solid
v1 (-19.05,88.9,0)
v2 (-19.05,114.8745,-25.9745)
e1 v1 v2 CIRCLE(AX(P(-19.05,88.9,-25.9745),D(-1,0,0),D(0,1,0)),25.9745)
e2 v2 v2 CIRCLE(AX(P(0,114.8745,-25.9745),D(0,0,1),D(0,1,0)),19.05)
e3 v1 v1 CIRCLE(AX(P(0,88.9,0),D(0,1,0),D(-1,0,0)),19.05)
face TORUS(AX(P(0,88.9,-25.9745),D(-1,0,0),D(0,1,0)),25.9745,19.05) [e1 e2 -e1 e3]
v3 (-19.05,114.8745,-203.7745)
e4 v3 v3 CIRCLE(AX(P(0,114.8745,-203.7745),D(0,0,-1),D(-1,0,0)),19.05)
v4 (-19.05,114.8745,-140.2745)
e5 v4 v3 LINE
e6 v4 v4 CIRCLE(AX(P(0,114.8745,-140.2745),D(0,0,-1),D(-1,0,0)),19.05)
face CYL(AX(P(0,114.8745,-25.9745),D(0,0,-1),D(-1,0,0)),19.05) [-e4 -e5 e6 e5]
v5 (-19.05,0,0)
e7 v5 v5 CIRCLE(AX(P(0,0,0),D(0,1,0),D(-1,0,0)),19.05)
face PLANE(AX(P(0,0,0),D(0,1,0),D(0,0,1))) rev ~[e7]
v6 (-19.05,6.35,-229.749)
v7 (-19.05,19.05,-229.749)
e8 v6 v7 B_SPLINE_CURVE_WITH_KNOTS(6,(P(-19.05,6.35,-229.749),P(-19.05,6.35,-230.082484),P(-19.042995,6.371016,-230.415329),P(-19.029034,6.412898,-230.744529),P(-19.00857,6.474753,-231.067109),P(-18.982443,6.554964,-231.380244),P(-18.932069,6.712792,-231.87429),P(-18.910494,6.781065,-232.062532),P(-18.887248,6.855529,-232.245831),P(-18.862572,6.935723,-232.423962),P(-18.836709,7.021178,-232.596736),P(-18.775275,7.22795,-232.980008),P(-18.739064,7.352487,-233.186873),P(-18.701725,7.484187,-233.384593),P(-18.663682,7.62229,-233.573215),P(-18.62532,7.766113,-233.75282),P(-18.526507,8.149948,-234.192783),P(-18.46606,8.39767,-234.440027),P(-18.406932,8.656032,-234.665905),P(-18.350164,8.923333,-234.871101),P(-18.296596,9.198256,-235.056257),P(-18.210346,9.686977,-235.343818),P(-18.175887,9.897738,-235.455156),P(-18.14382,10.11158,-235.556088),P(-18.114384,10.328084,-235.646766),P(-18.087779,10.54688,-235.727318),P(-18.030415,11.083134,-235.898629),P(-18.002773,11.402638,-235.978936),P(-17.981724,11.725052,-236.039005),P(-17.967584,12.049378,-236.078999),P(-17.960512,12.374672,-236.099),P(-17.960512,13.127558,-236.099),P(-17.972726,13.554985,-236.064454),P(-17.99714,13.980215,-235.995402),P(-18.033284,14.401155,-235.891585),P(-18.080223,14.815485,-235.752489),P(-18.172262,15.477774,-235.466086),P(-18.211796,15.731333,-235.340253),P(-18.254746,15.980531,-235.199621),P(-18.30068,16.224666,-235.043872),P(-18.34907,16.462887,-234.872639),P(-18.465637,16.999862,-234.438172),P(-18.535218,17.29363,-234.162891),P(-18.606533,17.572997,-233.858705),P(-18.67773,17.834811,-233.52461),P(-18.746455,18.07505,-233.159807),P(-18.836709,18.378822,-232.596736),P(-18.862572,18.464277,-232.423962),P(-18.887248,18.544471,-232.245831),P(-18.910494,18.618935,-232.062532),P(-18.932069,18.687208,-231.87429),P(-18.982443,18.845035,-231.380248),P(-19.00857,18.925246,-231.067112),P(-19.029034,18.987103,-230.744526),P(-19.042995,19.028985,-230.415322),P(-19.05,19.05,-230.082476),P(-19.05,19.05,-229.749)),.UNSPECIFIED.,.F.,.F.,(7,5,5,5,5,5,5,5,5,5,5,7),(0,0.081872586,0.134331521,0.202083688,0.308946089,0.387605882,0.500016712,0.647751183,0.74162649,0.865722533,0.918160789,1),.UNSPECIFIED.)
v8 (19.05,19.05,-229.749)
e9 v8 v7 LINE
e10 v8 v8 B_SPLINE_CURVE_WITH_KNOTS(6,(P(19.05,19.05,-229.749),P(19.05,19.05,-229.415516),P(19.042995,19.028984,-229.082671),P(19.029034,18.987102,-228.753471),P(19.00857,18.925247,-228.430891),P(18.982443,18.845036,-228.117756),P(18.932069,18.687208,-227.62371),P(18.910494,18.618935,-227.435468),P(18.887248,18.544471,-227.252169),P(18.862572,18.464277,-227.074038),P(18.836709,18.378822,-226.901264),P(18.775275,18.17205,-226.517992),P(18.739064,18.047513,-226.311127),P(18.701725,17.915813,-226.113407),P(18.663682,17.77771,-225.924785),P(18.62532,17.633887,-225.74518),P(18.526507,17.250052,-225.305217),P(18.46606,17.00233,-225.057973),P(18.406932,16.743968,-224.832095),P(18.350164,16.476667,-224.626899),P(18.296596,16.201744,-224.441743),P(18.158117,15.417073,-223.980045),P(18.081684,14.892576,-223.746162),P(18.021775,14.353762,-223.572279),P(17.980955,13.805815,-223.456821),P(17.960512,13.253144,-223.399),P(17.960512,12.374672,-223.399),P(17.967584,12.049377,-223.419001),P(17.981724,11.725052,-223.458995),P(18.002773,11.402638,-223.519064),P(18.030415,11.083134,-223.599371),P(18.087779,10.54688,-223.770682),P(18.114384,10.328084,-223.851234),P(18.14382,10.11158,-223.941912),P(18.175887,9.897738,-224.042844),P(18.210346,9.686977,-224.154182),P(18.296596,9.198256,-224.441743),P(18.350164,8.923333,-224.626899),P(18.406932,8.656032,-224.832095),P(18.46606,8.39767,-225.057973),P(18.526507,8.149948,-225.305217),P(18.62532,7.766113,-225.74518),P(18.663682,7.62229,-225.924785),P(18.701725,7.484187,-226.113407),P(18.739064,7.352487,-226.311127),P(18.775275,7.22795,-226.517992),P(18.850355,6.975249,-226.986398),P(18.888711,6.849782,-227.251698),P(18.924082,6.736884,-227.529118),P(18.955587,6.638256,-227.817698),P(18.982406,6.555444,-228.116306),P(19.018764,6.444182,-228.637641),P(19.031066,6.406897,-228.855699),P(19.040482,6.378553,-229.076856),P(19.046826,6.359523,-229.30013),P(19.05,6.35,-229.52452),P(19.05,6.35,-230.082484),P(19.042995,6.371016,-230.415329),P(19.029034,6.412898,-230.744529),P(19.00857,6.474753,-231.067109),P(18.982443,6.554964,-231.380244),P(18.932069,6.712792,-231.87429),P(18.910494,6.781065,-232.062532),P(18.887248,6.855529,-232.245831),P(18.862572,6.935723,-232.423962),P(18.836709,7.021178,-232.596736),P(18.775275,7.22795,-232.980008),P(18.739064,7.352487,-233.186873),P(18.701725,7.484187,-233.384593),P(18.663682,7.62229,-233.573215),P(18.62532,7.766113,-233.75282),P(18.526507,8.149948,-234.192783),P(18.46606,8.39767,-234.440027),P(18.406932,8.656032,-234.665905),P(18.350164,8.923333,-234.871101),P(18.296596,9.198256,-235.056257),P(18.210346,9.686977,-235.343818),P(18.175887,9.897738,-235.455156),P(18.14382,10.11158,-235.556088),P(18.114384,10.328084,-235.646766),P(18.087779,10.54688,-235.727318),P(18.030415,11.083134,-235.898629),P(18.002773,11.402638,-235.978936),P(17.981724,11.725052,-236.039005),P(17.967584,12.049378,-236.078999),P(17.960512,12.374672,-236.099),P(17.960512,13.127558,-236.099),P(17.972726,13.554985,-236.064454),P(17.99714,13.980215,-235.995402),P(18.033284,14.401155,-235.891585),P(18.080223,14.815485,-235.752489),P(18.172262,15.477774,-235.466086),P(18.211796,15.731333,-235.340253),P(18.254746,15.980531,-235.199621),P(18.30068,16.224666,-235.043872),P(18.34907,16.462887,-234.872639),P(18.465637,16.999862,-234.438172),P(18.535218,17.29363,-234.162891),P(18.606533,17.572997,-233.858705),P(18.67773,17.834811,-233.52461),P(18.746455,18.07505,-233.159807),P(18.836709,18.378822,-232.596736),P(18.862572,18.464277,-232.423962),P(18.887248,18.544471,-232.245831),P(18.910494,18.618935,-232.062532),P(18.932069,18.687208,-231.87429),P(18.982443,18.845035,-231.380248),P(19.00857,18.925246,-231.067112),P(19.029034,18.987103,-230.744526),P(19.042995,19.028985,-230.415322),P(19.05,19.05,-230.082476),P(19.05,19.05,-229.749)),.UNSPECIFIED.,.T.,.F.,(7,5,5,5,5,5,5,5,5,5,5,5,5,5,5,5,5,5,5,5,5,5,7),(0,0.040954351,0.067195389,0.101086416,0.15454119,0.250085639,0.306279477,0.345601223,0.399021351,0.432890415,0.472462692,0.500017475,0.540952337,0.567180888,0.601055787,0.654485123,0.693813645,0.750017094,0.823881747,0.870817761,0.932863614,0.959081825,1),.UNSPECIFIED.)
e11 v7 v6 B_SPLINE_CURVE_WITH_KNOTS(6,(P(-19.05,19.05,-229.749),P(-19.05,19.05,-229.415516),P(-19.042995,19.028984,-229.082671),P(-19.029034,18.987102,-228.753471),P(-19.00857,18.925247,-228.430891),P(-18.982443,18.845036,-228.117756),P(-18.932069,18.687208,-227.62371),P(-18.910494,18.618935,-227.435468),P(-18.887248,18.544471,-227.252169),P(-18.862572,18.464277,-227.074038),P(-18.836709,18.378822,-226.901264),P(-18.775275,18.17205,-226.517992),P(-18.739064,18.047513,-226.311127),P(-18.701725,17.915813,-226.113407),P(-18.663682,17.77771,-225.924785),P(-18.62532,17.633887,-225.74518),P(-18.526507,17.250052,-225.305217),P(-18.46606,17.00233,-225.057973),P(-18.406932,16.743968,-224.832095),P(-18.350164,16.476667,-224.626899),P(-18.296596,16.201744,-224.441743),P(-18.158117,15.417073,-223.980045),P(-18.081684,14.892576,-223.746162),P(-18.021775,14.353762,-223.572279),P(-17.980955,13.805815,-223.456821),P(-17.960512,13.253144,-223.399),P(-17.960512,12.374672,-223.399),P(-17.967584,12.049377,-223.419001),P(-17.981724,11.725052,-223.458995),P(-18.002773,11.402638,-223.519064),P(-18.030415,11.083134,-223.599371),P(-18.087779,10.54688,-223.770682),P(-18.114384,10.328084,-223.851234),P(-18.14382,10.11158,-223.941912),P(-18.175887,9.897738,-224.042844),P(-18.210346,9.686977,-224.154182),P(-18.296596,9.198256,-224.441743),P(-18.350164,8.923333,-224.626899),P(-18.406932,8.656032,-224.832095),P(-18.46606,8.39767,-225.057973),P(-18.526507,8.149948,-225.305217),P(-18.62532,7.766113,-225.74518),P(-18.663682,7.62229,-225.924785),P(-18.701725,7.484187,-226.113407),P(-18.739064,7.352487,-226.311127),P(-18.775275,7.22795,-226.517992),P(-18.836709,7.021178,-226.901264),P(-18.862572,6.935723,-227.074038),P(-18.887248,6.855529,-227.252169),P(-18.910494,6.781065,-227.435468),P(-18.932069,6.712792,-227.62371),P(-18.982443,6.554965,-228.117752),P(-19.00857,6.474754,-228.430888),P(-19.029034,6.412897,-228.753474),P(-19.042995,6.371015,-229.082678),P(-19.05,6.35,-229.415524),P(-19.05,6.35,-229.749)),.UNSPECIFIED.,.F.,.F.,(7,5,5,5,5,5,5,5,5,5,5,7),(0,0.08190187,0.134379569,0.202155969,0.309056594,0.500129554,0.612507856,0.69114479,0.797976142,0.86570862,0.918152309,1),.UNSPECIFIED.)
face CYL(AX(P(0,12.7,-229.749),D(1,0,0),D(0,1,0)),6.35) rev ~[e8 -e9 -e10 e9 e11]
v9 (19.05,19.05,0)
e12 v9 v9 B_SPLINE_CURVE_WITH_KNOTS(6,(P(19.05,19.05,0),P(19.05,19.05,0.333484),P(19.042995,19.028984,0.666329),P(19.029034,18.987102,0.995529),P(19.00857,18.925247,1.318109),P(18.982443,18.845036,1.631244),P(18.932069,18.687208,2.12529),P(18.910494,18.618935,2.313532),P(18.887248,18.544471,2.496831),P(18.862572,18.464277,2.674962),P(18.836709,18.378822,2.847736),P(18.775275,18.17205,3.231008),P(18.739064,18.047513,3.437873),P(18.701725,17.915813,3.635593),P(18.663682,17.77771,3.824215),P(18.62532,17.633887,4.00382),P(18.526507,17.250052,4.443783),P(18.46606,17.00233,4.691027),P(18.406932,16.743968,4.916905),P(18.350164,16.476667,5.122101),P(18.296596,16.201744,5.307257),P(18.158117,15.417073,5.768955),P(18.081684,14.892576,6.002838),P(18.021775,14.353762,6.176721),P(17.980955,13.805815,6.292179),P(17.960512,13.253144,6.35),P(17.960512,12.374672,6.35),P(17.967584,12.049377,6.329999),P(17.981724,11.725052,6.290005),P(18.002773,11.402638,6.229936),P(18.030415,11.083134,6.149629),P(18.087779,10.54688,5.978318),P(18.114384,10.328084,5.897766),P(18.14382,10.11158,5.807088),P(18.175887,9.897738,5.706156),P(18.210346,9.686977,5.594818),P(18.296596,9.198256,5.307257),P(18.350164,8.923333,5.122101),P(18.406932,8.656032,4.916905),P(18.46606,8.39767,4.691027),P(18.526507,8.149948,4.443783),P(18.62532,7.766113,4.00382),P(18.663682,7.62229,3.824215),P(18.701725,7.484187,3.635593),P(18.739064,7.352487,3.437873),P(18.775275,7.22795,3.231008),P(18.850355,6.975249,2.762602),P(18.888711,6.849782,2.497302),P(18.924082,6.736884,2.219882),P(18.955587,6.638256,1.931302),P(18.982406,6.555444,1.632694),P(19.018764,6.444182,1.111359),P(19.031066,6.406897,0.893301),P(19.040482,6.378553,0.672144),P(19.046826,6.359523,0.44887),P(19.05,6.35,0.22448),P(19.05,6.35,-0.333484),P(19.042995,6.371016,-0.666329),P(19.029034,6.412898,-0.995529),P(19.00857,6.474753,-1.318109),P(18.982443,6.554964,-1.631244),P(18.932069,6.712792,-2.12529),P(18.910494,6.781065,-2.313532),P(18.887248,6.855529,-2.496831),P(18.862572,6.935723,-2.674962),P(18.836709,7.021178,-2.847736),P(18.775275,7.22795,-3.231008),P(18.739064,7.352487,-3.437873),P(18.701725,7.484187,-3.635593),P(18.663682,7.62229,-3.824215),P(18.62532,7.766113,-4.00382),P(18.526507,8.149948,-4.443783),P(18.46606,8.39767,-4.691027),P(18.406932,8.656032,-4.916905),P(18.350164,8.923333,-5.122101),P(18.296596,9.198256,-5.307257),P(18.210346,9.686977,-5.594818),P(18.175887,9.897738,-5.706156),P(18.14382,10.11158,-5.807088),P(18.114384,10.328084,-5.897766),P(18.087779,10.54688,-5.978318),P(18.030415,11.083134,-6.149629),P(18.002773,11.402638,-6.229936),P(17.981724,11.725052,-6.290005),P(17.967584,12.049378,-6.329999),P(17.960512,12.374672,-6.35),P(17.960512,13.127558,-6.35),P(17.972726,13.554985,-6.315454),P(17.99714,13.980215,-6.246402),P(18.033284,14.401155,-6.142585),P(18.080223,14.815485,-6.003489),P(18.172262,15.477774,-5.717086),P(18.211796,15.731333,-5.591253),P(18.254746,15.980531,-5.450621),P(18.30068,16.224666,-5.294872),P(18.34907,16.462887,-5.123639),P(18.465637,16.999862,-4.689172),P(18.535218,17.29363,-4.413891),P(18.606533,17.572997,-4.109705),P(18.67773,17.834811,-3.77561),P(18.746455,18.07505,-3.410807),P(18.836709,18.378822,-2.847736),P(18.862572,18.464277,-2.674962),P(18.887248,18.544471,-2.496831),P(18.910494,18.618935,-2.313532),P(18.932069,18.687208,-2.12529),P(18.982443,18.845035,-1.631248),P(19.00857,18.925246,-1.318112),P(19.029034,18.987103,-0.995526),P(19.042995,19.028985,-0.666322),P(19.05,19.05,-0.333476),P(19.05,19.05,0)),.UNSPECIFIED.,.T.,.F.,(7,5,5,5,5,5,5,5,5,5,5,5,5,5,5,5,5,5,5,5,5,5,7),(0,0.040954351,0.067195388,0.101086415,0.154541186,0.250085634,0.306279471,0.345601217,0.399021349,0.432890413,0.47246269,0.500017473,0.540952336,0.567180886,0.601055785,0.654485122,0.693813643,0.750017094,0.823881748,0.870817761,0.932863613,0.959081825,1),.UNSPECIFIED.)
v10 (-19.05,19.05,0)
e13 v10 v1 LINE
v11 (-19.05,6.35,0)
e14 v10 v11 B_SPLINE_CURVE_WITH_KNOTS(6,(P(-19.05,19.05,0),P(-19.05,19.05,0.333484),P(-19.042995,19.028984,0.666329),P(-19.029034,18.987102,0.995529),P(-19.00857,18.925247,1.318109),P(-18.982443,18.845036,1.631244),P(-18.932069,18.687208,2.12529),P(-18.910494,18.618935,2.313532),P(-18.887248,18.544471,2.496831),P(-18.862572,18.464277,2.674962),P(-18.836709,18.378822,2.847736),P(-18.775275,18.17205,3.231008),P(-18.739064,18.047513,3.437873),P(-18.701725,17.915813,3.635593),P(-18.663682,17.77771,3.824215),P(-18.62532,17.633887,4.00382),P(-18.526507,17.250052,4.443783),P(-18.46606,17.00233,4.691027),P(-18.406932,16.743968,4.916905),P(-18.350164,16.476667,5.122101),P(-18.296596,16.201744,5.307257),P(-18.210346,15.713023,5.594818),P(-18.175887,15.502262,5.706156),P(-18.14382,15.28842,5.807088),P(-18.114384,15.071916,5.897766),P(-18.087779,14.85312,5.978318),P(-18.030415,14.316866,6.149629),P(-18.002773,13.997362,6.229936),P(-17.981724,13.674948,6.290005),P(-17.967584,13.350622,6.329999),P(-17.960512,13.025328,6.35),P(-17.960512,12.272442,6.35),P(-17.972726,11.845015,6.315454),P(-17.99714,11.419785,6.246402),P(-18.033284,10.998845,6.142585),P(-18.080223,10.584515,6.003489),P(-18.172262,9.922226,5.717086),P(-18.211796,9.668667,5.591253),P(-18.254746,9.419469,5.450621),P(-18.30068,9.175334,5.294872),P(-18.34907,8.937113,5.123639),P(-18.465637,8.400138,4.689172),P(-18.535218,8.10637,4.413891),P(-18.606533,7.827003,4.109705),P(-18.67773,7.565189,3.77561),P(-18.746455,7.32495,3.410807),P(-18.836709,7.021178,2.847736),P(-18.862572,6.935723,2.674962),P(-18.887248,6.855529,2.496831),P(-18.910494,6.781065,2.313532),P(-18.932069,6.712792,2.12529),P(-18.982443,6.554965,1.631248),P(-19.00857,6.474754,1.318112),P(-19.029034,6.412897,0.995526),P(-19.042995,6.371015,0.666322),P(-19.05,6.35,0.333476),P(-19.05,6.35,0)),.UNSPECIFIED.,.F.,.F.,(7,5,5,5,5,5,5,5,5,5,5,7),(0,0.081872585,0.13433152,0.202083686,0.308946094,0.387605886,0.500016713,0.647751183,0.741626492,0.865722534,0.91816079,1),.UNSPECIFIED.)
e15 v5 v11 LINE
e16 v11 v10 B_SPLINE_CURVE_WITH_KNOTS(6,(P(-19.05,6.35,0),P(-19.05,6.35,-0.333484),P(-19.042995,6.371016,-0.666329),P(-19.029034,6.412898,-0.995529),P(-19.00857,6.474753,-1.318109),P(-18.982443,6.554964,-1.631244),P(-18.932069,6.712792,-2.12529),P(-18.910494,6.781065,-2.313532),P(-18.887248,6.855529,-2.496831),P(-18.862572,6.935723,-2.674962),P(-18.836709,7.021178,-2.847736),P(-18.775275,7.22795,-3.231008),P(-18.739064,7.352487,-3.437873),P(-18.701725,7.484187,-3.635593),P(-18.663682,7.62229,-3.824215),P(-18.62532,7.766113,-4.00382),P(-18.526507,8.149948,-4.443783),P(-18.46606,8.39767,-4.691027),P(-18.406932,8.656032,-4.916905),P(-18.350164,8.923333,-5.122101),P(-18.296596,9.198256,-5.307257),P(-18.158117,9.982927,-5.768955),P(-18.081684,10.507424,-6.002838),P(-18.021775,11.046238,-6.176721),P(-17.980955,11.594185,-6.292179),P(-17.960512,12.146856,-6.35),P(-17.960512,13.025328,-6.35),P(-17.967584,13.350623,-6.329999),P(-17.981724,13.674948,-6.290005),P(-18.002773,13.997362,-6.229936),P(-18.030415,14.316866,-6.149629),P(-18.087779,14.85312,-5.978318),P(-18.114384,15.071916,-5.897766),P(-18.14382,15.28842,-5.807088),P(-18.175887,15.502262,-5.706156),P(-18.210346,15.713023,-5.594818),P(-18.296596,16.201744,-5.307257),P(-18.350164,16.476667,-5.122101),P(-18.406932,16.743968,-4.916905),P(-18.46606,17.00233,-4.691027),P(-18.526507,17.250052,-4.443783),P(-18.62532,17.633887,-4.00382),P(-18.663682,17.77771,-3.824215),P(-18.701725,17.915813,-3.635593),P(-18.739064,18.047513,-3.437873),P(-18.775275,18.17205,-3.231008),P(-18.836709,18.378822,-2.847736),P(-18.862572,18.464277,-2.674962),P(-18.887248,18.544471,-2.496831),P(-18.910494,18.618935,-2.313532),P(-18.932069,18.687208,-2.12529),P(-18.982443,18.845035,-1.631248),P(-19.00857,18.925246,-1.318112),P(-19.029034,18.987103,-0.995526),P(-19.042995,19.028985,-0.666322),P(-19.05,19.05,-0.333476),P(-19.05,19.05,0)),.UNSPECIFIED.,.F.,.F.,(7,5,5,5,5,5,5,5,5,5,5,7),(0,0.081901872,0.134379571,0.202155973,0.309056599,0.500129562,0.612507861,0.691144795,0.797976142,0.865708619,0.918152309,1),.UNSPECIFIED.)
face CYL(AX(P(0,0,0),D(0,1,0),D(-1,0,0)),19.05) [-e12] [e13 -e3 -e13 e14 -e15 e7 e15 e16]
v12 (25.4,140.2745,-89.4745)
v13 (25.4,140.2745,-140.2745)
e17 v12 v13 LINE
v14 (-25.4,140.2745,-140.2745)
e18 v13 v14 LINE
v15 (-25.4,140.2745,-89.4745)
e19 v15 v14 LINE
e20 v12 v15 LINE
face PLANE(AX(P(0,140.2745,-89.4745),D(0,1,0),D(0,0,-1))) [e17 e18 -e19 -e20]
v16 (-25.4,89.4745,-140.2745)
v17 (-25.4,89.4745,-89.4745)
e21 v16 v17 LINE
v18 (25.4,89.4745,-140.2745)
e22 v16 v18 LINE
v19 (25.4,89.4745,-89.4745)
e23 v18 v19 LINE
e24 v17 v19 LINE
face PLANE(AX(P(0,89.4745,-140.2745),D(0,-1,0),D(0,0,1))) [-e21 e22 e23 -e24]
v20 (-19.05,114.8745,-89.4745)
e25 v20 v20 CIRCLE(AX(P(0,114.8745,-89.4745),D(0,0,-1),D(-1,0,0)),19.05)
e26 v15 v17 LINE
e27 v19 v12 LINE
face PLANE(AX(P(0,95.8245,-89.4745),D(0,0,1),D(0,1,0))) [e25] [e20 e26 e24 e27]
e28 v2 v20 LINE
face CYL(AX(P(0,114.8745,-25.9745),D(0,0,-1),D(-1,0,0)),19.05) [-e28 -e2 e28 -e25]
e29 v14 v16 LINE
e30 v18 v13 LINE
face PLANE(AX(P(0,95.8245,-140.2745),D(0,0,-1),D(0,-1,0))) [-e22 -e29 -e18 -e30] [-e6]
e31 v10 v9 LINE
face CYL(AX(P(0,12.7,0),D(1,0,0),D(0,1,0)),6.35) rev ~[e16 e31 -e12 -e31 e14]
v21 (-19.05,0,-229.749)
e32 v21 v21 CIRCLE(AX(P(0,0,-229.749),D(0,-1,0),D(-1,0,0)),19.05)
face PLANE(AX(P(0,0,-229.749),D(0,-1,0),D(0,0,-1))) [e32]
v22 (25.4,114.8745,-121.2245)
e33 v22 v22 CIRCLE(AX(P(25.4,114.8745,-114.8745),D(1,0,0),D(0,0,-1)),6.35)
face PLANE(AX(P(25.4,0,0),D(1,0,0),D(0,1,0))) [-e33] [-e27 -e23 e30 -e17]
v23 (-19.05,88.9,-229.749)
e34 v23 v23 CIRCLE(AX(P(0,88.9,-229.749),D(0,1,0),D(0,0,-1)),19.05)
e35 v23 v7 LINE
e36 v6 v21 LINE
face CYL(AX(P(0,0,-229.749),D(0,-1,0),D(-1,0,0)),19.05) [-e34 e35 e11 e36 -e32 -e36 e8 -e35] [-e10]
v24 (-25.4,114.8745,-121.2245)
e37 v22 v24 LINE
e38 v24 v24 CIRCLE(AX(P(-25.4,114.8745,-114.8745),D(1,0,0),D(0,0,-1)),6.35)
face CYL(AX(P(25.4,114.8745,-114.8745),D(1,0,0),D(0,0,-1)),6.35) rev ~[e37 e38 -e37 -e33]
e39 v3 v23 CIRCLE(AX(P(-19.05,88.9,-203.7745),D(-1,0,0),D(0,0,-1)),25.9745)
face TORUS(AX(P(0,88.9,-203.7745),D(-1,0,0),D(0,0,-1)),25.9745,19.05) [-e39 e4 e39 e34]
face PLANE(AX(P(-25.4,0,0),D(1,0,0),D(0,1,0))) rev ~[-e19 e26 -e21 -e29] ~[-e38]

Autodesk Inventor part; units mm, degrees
ref_plane "YZ Plane" through (0, 0, 0) normal (1, 0, 0) x (0, 1, 0)
ref_plane "XZ Plane" through (0, 0, 0) normal (0, 1, 0) x (-1, 0, 0)
ref_plane "XY Plane" through (0, 0, 0) normal (0, 0, 1) x (1, 0, 0)
sketch "Sketch1" plane through (0, 0, 0) normal (0, 1, 0) x (-1, 0, 0)
  circle A0 centre (0, 0) radius 19.05
  dimension "d0" = 38.1
sketch "Sketch2" plane through (0, 0, 0) normal (1, 0, 0) x (0, 1, 0)
  line L0 (0, 0) -> (88.9, 0)
  arc A0 (114.8745, -25.9745) -> (88.9, 0) centre (88.9, -25.9745) ccw
  line L1 (114.8745, -25.9745) -> (114.8745, -203.7745)
  line L2 (0, -229.749) -> (88.9, -229.749)
  arc A1 (88.9, -229.749) -> (113.9345, -210.699) centre (88.9, -203.7745) ccw
  arc A2 (88.9, -229.749) -> (114.8745, -203.7745) centre (88.9, -203.7745) ccw
  dimension "d2" = 88.9
sweep "Sweep1" add profiles "Sketch1" path "Sketch2" path curves L0 A0 L1 A2 L2
sketch "Sketch3" plane through (0, 0, 0) normal (1, 0, 0) x (0, 1, 0)
  line L0 (95.8245, -25.9745) -> (133.9245, -25.9745) projected
  line L1 (133.9245, -25.9745) -> (133.9245, -203.7745)
  line L2 (133.9245, -25.9745) -> (133.9245, -203.7745) projected
  line L3 (133.9245, -114.8745) -> (95.8245, -114.8745)
  line L4 (95.8245, -25.9745) -> (95.8245, -203.7745) projected
  line L5 (89.4745, -89.4745) -> (140.2745, -89.4745)
  line L6 (140.2745, -89.4745) -> (140.2745, -140.2745)
  line L7 (140.2745, -140.2745) -> (89.4745, -140.2745)
  line L8 (89.4745, -140.2745) -> (89.4745, -89.4745)
  line L9 (89.4745, -89.4745) -> (140.2745, -140.2745) construction
  line L10 (140.2745, -89.4745) -> (89.4745, -140.2745) construction
  point P0 (0, 0)
  point P1 (114.8745, -114.8745)
  dimension "d8" = 50.8
  dimension "d9" = 50.8
extrude "Extrusion1" add sketch "Sketch3" along normal mid plane 50.8 contours L5 L1 L3 L4 | L4 L7 L8 L5 | L5 L6 L7 L1 | L3 L1 L7 L4
sketch "Sketch4" plane through (25.4, 0, 0) normal (1, 0, 0) x (0, 0, -1)
  line L0 (140.2745, 140.2745) -> (89.4745, 140.2745) construction
  line L1 (114.8745, 140.2745) -> (114.8745, 89.4745) construction
  line L2 (89.4745, 89.4745) -> (140.2745, 89.4745) construction
  line L3 (140.2745, 95.8245) -> (140.2745, 133.9245) construction
  line L4 (140.2745, 114.8745) -> (89.4745, 114.8745) construction
  line L5 (89.4745, 133.9245) -> (89.4745, 95.8245) construction
  circle A0 centre (114.8745, 114.8745) radius 6.35
  point P0 (0, 0)
  dimension "d23" = 12.7
extrude "Extrusion2" cut sketch "Sketch4" against normal through all
sketch "Sketch5" plane through (0, 0, 0) normal (1, 0, 0) x (0, 1, 0)
  line L0 (0, 0) -> (12.7, 0)
  line L1 (0, 0) -> (12.7, 0) construction
  line L2 (140.2745, -140.2745) -> (140.2745, -89.4745) projected
  line L3 (140.2745, -114.8745) -> (3.175, -114.8745)
  circle A0 centre (12.7, 0) radius 6.35
  circle A1 centre (12.7, -229.749) radius 6.35
  dimension "d16" = 12.7
  dimension "d21" = 12.7
  dimension "d22" = 12.7
extrude "Extrusion3" cut sketch "Sketch5" along normal through all both and the other way through all
properties part number "bogie (1)"
